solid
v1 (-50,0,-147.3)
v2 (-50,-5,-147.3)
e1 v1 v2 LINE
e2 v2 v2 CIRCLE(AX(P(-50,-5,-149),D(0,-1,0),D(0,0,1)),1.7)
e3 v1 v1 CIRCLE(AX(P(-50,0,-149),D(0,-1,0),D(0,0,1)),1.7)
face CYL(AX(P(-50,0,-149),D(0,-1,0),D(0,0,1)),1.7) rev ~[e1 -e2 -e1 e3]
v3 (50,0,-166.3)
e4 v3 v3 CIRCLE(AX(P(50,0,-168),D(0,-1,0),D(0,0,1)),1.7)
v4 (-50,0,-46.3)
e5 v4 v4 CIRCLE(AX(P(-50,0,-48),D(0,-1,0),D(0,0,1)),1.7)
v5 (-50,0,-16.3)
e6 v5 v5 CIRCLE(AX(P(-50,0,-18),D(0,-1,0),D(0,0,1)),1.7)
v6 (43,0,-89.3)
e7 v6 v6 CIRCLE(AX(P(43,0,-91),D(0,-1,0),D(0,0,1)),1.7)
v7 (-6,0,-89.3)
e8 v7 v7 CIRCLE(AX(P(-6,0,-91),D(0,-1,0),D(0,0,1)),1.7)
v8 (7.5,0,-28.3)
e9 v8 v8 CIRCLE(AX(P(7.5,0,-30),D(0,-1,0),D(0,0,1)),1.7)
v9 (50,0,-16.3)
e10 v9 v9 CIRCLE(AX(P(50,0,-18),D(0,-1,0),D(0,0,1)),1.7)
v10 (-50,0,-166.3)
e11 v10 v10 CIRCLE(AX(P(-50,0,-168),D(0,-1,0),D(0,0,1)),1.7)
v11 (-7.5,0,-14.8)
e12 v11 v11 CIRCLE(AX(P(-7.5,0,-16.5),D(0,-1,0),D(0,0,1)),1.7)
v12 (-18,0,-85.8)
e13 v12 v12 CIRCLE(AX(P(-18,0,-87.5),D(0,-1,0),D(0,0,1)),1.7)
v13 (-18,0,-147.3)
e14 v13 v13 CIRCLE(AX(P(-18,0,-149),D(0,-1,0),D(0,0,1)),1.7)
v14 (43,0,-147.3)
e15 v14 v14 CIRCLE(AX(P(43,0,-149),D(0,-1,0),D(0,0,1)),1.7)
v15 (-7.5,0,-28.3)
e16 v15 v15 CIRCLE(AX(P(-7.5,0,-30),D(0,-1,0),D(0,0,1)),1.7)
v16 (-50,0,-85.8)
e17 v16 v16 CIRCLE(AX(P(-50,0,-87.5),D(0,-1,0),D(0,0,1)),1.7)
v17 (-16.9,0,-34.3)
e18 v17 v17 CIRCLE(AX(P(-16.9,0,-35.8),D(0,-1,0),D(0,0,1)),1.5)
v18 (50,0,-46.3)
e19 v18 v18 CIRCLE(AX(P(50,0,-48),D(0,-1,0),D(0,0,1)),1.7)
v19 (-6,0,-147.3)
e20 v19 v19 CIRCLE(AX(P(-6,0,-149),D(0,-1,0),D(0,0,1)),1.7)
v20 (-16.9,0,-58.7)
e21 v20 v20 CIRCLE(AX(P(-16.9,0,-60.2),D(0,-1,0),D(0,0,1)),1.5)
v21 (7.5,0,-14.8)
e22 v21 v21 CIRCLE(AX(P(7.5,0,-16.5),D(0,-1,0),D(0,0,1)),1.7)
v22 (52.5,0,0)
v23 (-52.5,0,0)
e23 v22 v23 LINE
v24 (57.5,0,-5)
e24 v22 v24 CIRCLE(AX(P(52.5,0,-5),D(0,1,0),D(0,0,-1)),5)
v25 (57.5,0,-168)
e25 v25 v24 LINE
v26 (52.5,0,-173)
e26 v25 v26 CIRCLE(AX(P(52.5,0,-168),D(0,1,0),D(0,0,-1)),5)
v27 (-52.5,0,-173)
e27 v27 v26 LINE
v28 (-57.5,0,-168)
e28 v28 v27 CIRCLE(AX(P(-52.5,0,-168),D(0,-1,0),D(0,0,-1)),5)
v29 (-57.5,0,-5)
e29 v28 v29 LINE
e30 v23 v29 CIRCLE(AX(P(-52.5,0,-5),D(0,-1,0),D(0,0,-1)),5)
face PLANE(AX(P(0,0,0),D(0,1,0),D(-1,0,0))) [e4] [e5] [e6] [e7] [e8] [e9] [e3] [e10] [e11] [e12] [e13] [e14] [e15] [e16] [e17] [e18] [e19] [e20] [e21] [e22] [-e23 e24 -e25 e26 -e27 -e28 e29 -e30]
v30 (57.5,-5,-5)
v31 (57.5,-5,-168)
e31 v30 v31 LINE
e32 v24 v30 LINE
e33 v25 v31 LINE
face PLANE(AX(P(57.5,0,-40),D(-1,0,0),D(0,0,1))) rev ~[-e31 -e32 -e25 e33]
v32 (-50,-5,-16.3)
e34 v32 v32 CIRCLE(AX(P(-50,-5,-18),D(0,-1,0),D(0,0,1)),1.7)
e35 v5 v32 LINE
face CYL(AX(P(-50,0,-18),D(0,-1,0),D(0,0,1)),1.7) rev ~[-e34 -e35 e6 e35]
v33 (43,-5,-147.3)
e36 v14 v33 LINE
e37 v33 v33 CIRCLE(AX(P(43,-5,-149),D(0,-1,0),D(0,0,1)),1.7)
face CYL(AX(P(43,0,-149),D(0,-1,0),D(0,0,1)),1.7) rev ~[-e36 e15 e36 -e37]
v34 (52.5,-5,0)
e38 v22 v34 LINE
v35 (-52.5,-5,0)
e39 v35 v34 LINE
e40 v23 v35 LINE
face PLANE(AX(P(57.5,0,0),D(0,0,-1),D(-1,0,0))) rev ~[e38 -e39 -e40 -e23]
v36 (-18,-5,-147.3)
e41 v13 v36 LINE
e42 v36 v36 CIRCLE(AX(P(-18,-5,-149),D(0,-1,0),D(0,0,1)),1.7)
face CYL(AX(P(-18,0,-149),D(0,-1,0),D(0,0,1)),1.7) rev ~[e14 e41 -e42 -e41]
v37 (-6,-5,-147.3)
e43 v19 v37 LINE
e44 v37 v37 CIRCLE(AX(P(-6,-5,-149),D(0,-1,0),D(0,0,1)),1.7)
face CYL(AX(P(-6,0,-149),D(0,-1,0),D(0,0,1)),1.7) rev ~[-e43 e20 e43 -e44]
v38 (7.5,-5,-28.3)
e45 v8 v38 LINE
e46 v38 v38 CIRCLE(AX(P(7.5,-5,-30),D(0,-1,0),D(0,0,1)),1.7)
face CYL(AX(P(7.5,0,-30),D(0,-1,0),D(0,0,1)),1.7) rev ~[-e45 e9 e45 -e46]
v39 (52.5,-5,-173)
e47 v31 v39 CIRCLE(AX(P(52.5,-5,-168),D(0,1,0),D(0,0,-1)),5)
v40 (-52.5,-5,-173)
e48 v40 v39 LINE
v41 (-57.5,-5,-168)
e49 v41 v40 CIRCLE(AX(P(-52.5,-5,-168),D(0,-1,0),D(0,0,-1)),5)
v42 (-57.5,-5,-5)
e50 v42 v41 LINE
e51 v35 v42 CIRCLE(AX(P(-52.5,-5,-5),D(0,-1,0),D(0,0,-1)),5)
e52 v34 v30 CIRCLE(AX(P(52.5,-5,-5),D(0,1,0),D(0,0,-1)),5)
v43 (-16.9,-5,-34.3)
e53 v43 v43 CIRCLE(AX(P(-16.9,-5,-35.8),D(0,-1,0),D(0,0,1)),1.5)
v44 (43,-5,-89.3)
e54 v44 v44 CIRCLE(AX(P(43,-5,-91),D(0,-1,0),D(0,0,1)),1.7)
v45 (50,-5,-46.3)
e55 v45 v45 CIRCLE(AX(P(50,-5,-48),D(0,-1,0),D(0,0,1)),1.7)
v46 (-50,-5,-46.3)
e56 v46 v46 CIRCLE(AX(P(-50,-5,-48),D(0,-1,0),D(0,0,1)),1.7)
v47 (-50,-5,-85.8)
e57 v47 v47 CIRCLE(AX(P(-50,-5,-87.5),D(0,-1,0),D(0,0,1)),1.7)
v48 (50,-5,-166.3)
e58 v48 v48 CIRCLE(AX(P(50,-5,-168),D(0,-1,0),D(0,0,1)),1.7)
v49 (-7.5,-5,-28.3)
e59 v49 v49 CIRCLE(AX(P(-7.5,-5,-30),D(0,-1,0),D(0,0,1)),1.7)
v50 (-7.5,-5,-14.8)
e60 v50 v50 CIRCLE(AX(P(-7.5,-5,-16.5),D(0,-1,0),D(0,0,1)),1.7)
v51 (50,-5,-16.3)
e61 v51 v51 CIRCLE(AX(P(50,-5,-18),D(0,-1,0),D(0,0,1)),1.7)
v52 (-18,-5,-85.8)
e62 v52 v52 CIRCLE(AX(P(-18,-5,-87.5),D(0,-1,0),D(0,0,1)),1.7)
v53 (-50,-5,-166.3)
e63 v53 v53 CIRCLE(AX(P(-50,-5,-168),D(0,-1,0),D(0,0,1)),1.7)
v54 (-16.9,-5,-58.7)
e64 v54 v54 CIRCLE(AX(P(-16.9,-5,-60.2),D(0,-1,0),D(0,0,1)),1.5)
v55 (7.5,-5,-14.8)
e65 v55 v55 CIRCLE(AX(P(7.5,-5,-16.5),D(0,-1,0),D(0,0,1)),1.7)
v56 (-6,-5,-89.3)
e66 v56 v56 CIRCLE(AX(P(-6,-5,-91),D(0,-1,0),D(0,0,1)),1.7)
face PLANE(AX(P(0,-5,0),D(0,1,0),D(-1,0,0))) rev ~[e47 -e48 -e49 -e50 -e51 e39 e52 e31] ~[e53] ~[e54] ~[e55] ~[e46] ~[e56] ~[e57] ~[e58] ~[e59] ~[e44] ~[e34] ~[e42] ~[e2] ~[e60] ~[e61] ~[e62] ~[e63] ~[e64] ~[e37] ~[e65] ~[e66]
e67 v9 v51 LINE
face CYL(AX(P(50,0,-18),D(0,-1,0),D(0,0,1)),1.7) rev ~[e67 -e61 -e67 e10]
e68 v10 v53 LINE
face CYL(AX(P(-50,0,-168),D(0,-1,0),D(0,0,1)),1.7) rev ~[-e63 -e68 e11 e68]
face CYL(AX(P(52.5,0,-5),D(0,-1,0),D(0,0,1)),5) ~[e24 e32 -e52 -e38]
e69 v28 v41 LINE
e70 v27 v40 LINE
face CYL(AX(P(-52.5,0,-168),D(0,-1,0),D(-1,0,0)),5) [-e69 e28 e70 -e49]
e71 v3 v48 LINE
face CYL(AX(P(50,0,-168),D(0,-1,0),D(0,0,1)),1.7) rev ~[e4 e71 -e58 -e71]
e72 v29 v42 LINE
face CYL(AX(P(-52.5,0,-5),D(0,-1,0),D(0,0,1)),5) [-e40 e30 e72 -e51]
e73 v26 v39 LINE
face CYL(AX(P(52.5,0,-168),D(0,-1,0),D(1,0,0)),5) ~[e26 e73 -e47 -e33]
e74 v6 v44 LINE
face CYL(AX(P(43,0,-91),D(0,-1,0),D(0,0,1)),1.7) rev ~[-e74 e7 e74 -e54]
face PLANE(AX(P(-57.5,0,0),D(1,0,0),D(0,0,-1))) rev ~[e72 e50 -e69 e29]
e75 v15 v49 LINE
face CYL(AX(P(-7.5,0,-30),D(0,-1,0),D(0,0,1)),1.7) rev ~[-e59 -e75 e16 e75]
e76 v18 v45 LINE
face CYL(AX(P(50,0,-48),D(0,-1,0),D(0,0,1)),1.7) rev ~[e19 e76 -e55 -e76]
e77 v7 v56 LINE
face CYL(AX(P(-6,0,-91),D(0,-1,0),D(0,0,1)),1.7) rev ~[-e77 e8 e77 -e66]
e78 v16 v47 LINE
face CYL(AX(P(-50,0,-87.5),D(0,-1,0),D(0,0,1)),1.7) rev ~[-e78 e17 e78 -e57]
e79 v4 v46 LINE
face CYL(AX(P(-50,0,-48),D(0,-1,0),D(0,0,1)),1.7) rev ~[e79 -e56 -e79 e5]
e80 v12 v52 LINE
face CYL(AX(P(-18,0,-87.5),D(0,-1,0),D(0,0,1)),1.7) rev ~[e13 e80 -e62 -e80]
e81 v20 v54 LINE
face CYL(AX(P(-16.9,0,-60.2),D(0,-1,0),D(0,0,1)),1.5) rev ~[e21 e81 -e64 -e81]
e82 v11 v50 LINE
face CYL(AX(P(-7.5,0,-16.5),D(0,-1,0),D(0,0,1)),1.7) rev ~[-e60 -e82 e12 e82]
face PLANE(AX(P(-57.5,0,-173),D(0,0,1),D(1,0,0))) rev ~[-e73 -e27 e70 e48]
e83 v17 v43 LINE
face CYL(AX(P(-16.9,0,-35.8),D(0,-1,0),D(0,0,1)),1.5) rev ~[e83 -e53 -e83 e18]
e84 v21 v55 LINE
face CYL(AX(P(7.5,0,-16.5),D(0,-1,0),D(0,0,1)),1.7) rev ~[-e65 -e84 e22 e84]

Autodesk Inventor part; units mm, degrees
ref_plane "YZ Plane" through (0, 0, 0) normal (1, 0, 0) x (0, 1, 0)
ref_plane "XZ Plane" through (0, 0, 0) normal (0, 1, 0) x (-1, 0, 0)
ref_plane "XY Plane" through (0, 0, 0) normal (0, 0, 1) x (1, 0, 0)
sketch "Sketch1" plane through (0, 0, 0) normal (0, 1, 0) x (-1, 0, 0)
  line L0 (57.5, -173) -> (57.5, -173) construction
  line L1 (-57.5, -173) -> (-57.5, 0) construction
  line L2 (-57.5, 0) -> (57.5, 0)
  line L3 (57.5, 0) -> (57.5, -173) construction
  line L4 (80.5, 0) -> (-80.5, 0) construction
  line L5 (0, -207.6) -> (0, 34.6) construction
  line L6 (57.5, -173) -> (-57.5, -173)
  line L7 (-57.5, -173) -> (-57.5, -173) construction
  line L8 (57.5, 0) -> (-55.1767, 0)
  line L9 (57.5, -40) -> (-57.5, -40) construction
  line L10 (-57.5, -40) -> (-57.5, 0)
  line L11 (-57.5, 0) -> (57.5, 0)
  line L12 (57.5, 0) -> (57.5, -40)
  line L13 (-57.5, -173) -> (-57.5, -40)
  line L14 (57.5, -173) -> (57.5, -40)
  point P0 (0, 0)
  dimension "width" = 115
  dimension "Length" = 173
  dimension "d2" = 115
  dimension "d112" = 40
extrude "Base" add sketch "Sketch1" against normal blind 5
sketch "Sketch11" plane through (0, 0, 0) normal (0, 1, 0) x (1, 0, 0)
  line L0 (0, 207.6) -> (0, -34.6) construction
  line L1 (-57.5, 0) -> (57.5, 0) construction
  line L2 (57.5, 173) -> (-57.5, 173) projected
  line L3 (-50, 18) -> (50, 18) construction
  line L4 (50, 18) -> (50, 48) construction
  line L5 (50, 48) -> (-50, 48) construction
  line L6 (-50, 48) -> (-50, 18) construction
  point P0 (0, 0)
  point P1 (50, 168)
  point P2 (-50, 168)
  dimension "d91" = 18
  dimension "d92" = 50
  dimension "d93" = 5
  dimension "d94" = 50
  dimension "d113" = 30
hole "Mounting Holes" at (50, 0, -18) at (-50, 0, -18) at (50, 0, -168) at (-50, 0, -168) at (-50, 0, -48) at (50, 0, -48) direction (0, -1, 0) diameter 3.4 depth 6
fillet "Fillet1" radius 5 4 edges at (-57.5, -2.5, 0) (57.5, -2.5, -173) (-57.5, -2.5, -173) (57.5, -2.5, 0)
sketch "Sketch12" plane through (0, 0, 0) normal (0, 1, 0) x (1, 0, 0)
  line L0 (-6, 149) -> (43, 149) construction
  line L1 (43, 149) -> (43, 91) construction
  line L2 (43, 91) -> (-6, 91) construction
  line L3 (-6, 91) -> (-6, 149) construction
  line L4 (-57.5, 168) -> (-57.5, 5) projected
  line L5 (0, 207.6) -> (0, -34.6) projected
  line L6 (-52.5, 0) -> (52.5, 0) projected
  circle A0 centre (-50, 48) radius 1.7 projected
  line L7 (52.5, 173) -> (-52.5, 173) projected
  circle A1 centre (50, 48) radius 1.7 projected
  circle A2 centre (50, 168) radius 1.7 projected
  point P0 (0, 0)
  point P1 (0, 0)
  point P2 (52.2987, 0)
  point P3 (-57.5, 40)
  point P4 (0, 0)
  dimension "d104" = 58
  dimension "d263" = 24
  dimension "d266" = 49
  dimension "d267" = 7
hole "RasPi Mounting Holes" at (-6, 0, -149) at (43, 0, -149) at (43, 0, -91) at (-6, 0, -91) direction (0, -1, 0) diameter 3.4 depth 6
sketch "Sketch15" plane through (0, 0, 0) normal (0, 1, 0) x (1, 0, 0)
  line L0 (-18, 149) -> (-18, 87.5) construction
  line L1 (-18, 87.5) -> (-50, 87.5) construction
  line L2 (-50, 87.5) -> (-50, 149) construction
  line L3 (-50, 149) -> (-18, 149) construction
  line L4 (-52.5, 0) -> (52.5, 0) projected
  circle A0 centre (43, 149) radius 1.7 projected
  circle A1 centre (50, 48) radius 1.7 projected
  circle A2 centre (-50, 48) radius 1.7 projected
  point P0 (0, 0)
  point P1 (0, 0)
  dimension "d122" = 32
  dimension "d123" = 61.5
hole "LM2596 Mounting Holes" at (-18, 0, -149) at (-18, 0, -87.5) at (-50, 0, -87.5) at (-50, 0, -149) direction (0, -1, 0) diameter 3.4 depth 6
sketch "Sketch16" plane through (0, 0, 0) normal (0, 1, 0) x (1, 0, 0)
  line L0 (-7.5, 16.5) -> (7.5, 16.5) construction
  line L1 (7.5, 16.5) -> (7.5, 30) construction
  line L2 (7.5, 30) -> (-7.5, 30) construction
  line L3 (-7.5, 30) -> (-7.5, 16.5) construction
  line L4 (52.5, 173) -> (-52.5, 173) projected
  line L5 (-52.5, 0) -> (52.5, 0) projected
  point P0 (0, 0)
  point P1 (0, 30)
  point P2 (0, 173)
  dimension "d132" = 15
  dimension "d133" = 13.5
  dimension "d264" = 16.5
hole "Camera Mount Mounting Holes" at (-7.5, 0, -30) at (-7.5, 0, -16.5) at (7.5, 0, -16.5) at (7.5, 0, -30) direction (0, -1, 0) diameter 3.4 depth 6
sketch "Sketch17" plane through (0, 0, 0) normal (0, 1, 0) x (1, 0, 0)
  spline S0 degree 4 poles (20.2958, 49.4851) (20.6789, 48.9084) (23.4396, 47.5095) (25.9197, 47.6138) (27.8901, 48.6422) (29.1867, 50.3145) (29.4114, 52.1793) (28.5047, 55.2295) (25.5201, 55.758) (20.7186, 56.8474) (23.8724, 60.2591) (26.3838, 58.5227) (28.1257, 57.2645) knots 0 0 0 0 0 0.20272 0.281354 0.355201 0.433006 0.519581 0.610324 0.697239 0.780232 1 1 1 1 1
  line L0 (28.1257, 57.2645) -> (29.7111, 59.2874)
  line L1 (20.2958, 49.4851) -> (21.6797, 51.6642)
  spline S1 degree 4 poles (21.6797, 51.6642) (22.294, 51.399) (22.8002, 50.5746) (25.5673, 49.8354) (26.8617, 51.423) (26.2496, 52.8197) (24.0458, 53.1534) (23.329, 53.4897) (21.3928, 54.1292) (20.3004, 55.4262) (19.7305, 56.5102) (20.0555, 59.7919) (23.1279, 61.9518) (27.765, 61.4454) (29.2944, 59.5103) (29.7111, 59.2874) knots 0 0 0 0 0 0.144957 0.205265 0.266901 0.324627 0.385746 0.449033 0.50901 0.575778 0.647334 0.728378 0.816759 1 1 1 1 1
  line L2 (19.0392, 48.0812) -> (19.0392, 61.1238)
  line L3 (19.0392, 61.1238) -> (16.3103, 61.1165)
  line L4 (16.3103, 61.1165) -> (16.3103, 57.2645)
  line L5 (16.3005, 50.6209) -> (16.3005, 54.6823)
  line L6 (16.3005, 54.6823) -> (13.9834, 54.6823)
  line L7 (16.3005, 50.6209) -> (13.9834, 50.6209)
  line L8 (19.0392, 48.0812) -> (13.9055, 48.0812)
  line L9 (16.3103, 57.2645) -> (13.9055, 57.2645)
  spline S2 degree 4 poles (13.9055, 48.0812) (12.4376, 47.8656) (9.7169, 48.6839) (8.992, 53.4734) (10.0175, 55.7505) (11.813, 57.33) (13.9055, 57.2645) knots 0 0 0 0 0 0.424255 0.584368 1 1 1 1 1
  spline S3 degree 4 poles (13.9834, 50.6209) (12.4963, 50.3877) (10.9812, 52.4197) (12.1533, 54.6228) (13.9834, 54.6823) knots 0 0 0 0 0 1 1 1 1 1
  line L10 (5.611, 51.8606) -> (5.611, 61.1378)
  line L11 (5.611, 61.1378) -> (2.2951, 61.1378)
  line L12 (2.2951, 61.1378) -> (2.2951, 60.9623)
  line L13 (2.2951, 60.9623) -> (2.2951, 57.2161)
  line L14 (2.2951, 57.2161) -> (0.5839, 57.2161)
  line L15 (0.5839, 57.2161) -> (-1.936, 61.1378)
  line L16 (-1.936, 61.1378) -> (-5.9376, 61.1378)
  line L17 (-5.9376, 61.1378) -> (-3.4177, 57.2161)
  line L18 (5.611, 51.8606) -> (2.2951, 51.8606)
  line L19 (2.2951, 51.8606) -> (2.2951, 53.8306)
  line L20 (2.2951, 53.8306) -> (-1.6405, 53.8306)
  line L21 (-1.6405, 53.8306) -> (-1.6405, 51.2415)
  line L22 (-1.6405, 51.2415) -> (5.611, 51.2415)
  line L23 (5.611, 51.2415) -> (5.611, 47.9336)
  line L24 (5.611, 47.9336) -> (-3.7057, 47.9336)
  line L25 (-5.0121, 49.3829) -> (-5.0121, 55.5531)
  arc A0 (-3.4177, 57.2161) -> (-5.0121, 55.5531) centre (-3.281, 55.4892) ccw
  arc A1 (-5.0121, 49.3829) -> (-3.7057, 47.9336) centre (-2.6718, 50.1788) ccw
  line L26 (-6.9039, 47.9336) -> (-10.2687, 47.9336)
  line L27 (-10.2687, 47.9336) -> (-10.2687, 61.1378)
  line L28 (-10.2687, 61.1378) -> (-6.9039, 61.1378)
  line L29 (-6.9039, 61.1378) -> (-6.9039, 47.9336)
  line L30 (-11.8026, 47.9336) -> (-11.8026, 51.2415)
  line L31 (-11.8026, 51.2415) -> (-15.1713, 51.2415)
  line L32 (-15.1713, 51.2415) -> (-15.1713, 61.1378)
  line L33 (-15.1713, 61.1378) -> (-18.4823, 61.1378)
  line L34 (-18.4823, 61.1378) -> (-18.4823, 47.9336)
  line L35 (-18.4823, 47.9336) -> (-11.8026, 47.9336)
  line L36 (-19.0962, 47.9336) -> (-19.0962, 51.2415)
  line L37 (-19.0962, 51.2415) -> (-21.5406, 51.2415)
  line L38 (-21.5406, 51.2415) -> (-23.787, 47.9336)
  line L39 (-23.787, 47.9336) -> (-19.0962, 47.9336)
  line L40 (-24.4617, 47.9274) -> (-24.4617, 61.1378)
  line L41 (-24.4617, 61.1378) -> (-27.7836, 61.1378)
  line L42 (-27.7836, 61.1378) -> (-27.7836, 47.9274)
  line L43 (-27.7836, 47.9274) -> (-24.4617, 47.9274)
  line L44 (-28.3589, 52.8456) -> (-28.3589, 56.1975)
  line L45 (-28.3589, 56.1975) -> (-30.851, 56.1975)
  line L46 (-30.851, 52.8456) -> (-28.3589, 52.8456)
  line L47 (-27.7836, 47.9274) -> (-27.7836, 51.2654)
  line L48 (-27.7836, 51.2654) -> (-32.8922, 51.2654)
  line L49 (-32.8922, 47.9274) -> (-27.7836, 47.9274)
  line L50 (-32.8922, 47.9274) -> (-35.0606, 51.2654)
  line L51 (-35.0606, 51.2654) -> (-32.8922, 51.2654)
  line L52 (-30.851, 52.8456) -> (-33.0635, 52.8734)
  line L53 (-33.0635, 52.8734) -> (-30.851, 56.1975)
  line L54 (-27.7836, 57.7985) -> (-35.0607, 57.7985)
  line L55 (-35.0607, 57.7985) -> (-32.8922, 61.1378)
  line L56 (-32.8922, 61.1378) -> (-27.7836, 61.1378)
  point P0 (21.8312, 48.4826)
  point P1 (24.6762, 47.7793)
  point P2 (27.8239, 48.7935)
  point P3 (29.2122, 52.0376)
  point P4 (25.048, 55.8974)
  point P5 (22.697, 57.0989)
  point P6 (22.9251, 58.2765)
  point P7 (24.696, 58.9116)
  point P8 (28.2025, 54.5742)
  point P9 (28.8947, 50.19)
  point P10 (26.5311, 48.0478)
  point P11 (22.4682, 51.1588)
  point P12 (23.9337, 50.486)
  point P13 (25.8462, 50.5785)
  point P14 (26.5371, 51.481)
  point P15 (26.0534, 52.5205)
  point P16 (24.2764, 53.1685)
  point P17 (23.1794, 53.5189)
  point P18 (21.5574, 54.2619)
  point P19 (20.447, 55.336)
  point P20 (19.9671, 56.4765)
  point P21 (20.2871, 59.0572)
  point P22 (22.4689, 61.0346)
  point P23 (26.4542, 61.133)
  point P24 (29.0183, 59.8364)
  point P25 (11.4209, 48.5556)
  point P26 (9.7808, 50.5107)
  point P27 (9.4544, 53.0399)
  point P28 (9.8764, 54.8382)
  point P29 (11.0351, 56.3298)
  point P30 (12.7053, 51.0405)
  point P31 (12.0378, 52.3742)
  point P32 (12.4432, 53.8804)
  point P33 (-27.7836, 51.2654)
  point P34 (-3.281, 55.4892)
extrude "SP RITE Logo" [suppressed]
sketch "Sketch18" plane through (0, 0, 0) normal (0, 1, 0) x (1, 0, 0)
  circle A0 centre (-50, 48) radius 1.7 projected
  line L0 (-57.5, 168) -> (-57.5, 5) projected
  line L1 (-16.9, 35.8) -> (-16.9, 47)
  line L2 (-16.9, 47) -> (-16.9, 60.2)
  point P0 (0, 0)
  dimension "d281" = 40.6
  dimension "d282" = 12.2
  dimension "d284" = 12.2
  dimension "d285" = 33.1
hole "Button Board Mounting Holes" at (-16.9, 0, -60.2) at (-16.9, 0, -35.8) direction (0, -1, 0) diameter 3 end through all
equation "\"d2\" = width"
equation "\"d94\" = d92"
equation "\"d95\" = HoleDia"
equation "\"d105\" = HoleDia"
equation "\"d125\" = HoleDia"
equation "\"d135\" = HoleDia"
equation "\"HoleDia\" = 3.4"
properties part number "top plate"
